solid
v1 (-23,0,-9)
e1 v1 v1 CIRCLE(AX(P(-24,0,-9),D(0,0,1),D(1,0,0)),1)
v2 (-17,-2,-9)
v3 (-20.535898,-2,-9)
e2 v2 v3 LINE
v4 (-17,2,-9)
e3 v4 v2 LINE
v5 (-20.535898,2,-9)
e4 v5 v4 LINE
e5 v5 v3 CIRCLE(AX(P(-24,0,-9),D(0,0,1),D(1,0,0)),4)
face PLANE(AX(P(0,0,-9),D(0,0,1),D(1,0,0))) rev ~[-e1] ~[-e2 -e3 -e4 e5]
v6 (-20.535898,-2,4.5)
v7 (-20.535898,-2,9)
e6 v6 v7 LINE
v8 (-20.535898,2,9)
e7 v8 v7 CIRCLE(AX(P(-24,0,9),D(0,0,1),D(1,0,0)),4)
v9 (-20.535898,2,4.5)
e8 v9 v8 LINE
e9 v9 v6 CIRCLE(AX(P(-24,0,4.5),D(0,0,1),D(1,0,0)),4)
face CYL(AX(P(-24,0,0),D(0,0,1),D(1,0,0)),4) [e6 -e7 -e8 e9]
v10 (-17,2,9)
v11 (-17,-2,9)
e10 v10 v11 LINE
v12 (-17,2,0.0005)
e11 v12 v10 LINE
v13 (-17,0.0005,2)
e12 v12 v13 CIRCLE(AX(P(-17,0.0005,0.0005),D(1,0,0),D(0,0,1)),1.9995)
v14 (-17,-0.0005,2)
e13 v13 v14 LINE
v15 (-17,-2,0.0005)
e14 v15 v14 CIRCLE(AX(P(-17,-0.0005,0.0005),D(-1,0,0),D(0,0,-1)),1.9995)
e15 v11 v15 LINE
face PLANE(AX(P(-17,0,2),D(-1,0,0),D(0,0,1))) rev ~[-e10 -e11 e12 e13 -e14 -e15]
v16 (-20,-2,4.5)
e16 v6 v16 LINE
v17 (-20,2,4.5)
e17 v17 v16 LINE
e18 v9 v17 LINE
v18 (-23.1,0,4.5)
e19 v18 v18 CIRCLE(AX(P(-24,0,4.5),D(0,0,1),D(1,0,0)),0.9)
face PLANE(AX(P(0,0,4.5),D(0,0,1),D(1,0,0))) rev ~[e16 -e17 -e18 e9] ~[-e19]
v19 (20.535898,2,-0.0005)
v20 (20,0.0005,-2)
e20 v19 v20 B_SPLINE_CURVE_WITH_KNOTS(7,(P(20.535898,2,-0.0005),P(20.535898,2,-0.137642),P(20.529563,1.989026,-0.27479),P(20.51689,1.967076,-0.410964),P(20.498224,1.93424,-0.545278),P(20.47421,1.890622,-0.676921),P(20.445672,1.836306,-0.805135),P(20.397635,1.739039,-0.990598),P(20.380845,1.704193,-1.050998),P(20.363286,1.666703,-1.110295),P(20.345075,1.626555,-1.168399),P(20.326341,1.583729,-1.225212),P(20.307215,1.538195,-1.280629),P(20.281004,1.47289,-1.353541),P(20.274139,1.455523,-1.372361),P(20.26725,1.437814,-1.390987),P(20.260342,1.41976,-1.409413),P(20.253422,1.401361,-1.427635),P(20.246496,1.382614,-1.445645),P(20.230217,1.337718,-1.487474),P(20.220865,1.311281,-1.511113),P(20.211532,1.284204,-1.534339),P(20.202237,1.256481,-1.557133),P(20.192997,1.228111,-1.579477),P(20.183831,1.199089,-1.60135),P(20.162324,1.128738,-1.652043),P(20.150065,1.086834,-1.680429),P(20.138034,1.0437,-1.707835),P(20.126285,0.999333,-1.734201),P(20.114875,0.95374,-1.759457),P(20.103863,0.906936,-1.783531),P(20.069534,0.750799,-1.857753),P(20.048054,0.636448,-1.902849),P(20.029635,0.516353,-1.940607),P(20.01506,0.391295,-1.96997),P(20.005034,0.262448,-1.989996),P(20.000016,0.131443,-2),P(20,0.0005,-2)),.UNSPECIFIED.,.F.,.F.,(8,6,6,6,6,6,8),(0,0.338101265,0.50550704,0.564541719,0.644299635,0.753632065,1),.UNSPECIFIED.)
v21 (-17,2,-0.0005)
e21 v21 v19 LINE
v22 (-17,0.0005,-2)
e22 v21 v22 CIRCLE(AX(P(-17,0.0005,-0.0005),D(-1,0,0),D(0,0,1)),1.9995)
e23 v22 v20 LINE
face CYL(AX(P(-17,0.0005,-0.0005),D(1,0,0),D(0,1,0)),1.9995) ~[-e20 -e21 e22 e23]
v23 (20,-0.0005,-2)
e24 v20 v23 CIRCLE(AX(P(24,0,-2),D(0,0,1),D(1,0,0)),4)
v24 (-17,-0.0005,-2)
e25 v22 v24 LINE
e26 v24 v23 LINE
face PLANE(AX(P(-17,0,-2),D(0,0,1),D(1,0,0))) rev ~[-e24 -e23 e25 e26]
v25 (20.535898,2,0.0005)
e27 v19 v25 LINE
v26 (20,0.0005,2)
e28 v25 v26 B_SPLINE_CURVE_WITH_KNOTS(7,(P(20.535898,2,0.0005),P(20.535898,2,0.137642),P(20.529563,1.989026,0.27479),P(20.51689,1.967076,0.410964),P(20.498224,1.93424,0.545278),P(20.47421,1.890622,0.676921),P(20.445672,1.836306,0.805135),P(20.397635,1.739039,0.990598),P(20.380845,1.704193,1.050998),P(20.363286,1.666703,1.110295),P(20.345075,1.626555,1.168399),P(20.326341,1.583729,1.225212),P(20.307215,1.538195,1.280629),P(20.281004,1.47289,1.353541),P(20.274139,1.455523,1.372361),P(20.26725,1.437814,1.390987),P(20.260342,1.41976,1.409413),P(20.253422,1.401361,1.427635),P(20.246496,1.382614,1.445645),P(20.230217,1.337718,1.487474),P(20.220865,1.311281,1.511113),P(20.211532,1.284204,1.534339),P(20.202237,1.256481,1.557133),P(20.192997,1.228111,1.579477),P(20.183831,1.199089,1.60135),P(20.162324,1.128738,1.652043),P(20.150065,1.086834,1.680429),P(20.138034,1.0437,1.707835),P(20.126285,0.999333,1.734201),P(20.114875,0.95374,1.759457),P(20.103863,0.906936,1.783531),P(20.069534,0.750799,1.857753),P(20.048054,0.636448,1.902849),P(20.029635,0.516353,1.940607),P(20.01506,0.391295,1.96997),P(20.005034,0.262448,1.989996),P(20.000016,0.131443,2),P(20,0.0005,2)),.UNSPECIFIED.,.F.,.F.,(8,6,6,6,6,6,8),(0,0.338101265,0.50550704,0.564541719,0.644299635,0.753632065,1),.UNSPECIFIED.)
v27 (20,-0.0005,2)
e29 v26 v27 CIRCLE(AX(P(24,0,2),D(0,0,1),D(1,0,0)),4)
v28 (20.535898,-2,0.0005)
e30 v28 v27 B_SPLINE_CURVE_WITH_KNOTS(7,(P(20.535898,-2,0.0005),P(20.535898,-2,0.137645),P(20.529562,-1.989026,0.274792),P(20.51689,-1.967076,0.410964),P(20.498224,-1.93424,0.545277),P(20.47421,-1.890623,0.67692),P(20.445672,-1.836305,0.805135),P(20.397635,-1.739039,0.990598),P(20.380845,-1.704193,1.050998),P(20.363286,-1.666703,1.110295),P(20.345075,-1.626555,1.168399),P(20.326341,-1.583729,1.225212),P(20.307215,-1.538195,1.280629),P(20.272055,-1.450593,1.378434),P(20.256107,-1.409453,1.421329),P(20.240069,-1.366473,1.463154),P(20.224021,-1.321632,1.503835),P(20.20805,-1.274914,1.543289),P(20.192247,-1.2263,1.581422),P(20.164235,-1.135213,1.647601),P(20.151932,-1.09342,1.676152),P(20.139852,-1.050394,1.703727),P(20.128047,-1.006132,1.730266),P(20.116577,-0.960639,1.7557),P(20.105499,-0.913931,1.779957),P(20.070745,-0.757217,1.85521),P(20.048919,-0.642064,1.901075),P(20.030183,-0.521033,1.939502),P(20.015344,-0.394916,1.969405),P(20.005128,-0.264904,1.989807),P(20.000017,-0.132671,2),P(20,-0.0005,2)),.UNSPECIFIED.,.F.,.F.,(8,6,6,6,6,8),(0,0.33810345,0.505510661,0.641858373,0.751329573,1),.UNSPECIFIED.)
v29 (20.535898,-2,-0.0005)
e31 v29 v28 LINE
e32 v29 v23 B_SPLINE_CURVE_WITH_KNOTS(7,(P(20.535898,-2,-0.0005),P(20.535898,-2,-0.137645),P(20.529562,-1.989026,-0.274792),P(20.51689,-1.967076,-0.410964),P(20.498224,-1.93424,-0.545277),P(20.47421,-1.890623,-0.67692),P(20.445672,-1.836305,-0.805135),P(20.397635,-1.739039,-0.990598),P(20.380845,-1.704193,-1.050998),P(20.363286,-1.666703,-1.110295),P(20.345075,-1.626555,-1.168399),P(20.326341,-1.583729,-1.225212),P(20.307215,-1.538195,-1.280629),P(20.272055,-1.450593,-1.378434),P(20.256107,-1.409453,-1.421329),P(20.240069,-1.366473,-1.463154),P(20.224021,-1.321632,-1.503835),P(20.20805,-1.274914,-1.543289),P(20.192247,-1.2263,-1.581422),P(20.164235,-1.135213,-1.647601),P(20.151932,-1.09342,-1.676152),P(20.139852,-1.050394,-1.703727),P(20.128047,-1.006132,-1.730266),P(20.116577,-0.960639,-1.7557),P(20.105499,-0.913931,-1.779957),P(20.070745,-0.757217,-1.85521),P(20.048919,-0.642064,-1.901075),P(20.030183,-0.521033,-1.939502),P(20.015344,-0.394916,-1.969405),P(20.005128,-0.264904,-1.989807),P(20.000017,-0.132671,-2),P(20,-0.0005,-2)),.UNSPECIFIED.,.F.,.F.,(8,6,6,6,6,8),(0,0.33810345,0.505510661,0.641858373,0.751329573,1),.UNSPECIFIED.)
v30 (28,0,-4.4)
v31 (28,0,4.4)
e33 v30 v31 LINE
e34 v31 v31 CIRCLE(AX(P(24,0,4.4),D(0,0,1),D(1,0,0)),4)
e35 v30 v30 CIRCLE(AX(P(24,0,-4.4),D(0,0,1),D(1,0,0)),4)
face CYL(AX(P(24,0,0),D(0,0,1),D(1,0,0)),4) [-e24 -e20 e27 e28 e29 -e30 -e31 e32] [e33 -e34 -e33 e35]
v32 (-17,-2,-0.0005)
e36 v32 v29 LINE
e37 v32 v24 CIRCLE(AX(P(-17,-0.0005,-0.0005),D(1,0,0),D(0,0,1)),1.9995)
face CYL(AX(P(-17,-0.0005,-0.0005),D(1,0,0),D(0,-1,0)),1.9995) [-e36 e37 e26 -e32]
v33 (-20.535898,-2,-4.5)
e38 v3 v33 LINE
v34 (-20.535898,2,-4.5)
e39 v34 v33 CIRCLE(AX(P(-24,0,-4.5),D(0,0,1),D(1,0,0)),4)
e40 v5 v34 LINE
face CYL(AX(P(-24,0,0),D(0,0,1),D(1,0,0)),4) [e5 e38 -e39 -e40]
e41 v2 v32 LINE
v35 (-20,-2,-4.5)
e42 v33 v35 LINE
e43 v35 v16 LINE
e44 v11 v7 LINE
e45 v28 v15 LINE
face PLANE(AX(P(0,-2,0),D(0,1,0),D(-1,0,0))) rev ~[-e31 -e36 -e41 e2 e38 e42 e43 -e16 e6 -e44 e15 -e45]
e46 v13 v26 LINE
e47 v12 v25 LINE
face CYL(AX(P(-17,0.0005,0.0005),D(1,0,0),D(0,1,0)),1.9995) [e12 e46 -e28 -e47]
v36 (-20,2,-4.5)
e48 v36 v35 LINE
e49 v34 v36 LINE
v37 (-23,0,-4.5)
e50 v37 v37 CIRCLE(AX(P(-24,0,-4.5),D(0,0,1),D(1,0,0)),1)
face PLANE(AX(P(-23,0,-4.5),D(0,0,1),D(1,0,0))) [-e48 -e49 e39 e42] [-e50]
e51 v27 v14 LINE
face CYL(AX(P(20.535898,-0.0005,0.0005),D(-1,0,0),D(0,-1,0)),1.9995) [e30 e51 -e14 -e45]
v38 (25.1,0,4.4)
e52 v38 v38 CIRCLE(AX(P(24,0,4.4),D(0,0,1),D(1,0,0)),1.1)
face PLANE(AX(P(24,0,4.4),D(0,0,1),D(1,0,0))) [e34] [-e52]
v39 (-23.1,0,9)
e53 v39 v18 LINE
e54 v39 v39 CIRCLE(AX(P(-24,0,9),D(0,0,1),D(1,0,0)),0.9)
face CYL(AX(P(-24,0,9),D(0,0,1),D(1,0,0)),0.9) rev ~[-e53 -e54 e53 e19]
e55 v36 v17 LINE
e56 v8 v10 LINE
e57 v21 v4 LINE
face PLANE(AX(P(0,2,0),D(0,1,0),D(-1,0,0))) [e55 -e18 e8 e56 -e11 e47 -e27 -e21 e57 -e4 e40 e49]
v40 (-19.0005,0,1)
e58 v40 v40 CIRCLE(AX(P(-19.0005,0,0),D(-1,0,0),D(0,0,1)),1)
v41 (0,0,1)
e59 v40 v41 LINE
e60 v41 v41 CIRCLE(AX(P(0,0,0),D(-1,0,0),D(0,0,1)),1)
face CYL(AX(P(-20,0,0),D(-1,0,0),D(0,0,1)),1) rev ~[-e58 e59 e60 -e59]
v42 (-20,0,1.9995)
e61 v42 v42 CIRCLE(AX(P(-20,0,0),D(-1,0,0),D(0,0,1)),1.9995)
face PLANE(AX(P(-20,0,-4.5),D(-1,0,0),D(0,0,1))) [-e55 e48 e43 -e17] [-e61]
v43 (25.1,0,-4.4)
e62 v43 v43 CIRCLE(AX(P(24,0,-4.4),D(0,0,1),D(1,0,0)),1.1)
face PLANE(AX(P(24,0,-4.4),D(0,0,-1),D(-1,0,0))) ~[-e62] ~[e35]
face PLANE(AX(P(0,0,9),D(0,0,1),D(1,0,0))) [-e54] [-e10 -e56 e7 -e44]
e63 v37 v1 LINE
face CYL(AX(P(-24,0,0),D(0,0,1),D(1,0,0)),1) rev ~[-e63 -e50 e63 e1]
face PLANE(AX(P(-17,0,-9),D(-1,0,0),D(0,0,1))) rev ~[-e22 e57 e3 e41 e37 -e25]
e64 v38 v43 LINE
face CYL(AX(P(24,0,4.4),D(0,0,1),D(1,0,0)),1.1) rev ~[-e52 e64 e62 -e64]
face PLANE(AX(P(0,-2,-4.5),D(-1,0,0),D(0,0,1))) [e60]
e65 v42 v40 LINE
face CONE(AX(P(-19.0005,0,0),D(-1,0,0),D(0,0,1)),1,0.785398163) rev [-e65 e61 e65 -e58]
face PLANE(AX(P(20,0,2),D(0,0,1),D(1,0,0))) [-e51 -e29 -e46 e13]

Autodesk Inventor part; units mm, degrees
ref_plane "YZ Plane" through (0, 0, 0) normal (1, 0, 0) x (0, 1, 0)
ref_plane "XZ Plane" through (0, 0, 0) normal (0, 1, 0) x (-1, 0, 0)
ref_plane "XY Plane" through (0, 0, 0) normal (0, 0, 1) x (1, 0, 0)
sketch "Sketch1" plane through (0, 0, 0) normal (0, 0, 1) x (1, 0, 0)
  circle A0 centre (-24, 0) radius 1
  circle A1 centre (24, 0) radius 1
  circle A2 centre (-24, 0) radius 4
  circle A3 centre (24, 0) radius 4
  point P0 (0, 0)
  dimension "d0" = 2
  dimension "d1" = 2
  dimension "d3" = 48
  dimension "d4" = 24
  dimension "d5" = 8
  dimension "d6" = 8
extrude "Extrusion1" add sketch "Sketch1" against normal mid plane 18
sketch "Sketch2" plane through (0, 0, 0) normal (0, 0, 1) x (1, 0, 0)
  circle A0 centre (-24, 0) radius 4 projected
  circle A1 centre (-24, 0) radius 1 projected
  point P0 (0, 0)
extrude "Extrusion2" cut sketch "Sketch2" against normal mid plane 9
sketch "Sketch3" plane through (-24, 0, -4.5) normal (0, 0, 1) x (1, 0, 0)
  circle A0 centre (48, 0) radius 4 projected
  circle A1 centre (48, 0) radius 4 projected
  circle A2 centre (48, 0) radius 1 projected
  point P0 (24, 0)
extrude "Extrusion3" cut sketch "Sketch3" against normal blind 4.5
mirror "Mirror1" about plane through (0, 0, 0) normal (0, 0, 1) of "Extrusion3"
sketch "Sketch6" plane through (0, 0, 0) normal (0, 1, 0) x (-1, 0, 0)
  line L0 (-20, -4.5) -> (-23, -4.5) construction
  line L1 (-23, -4.5) -> (-23, 4.5) construction
  line L2 (-23, 4.5) -> (-20, 4.5) construction
  line L3 (-20, 4.5) -> (-20, -4.5) construction
  line L4 (-25, -4.5) -> (-28, -4.5) construction
  line L5 (-28, -4.5) -> (-28, 4.5) construction
  line L6 (-28, 4.5) -> (-25, 4.5) construction
  line L7 (-25, 4.5) -> (-25, -4.5) construction
  line L8 (20, 9) -> (23, 9) construction
  line L9 (23, 9) -> (23, 4.5) construction
  line L10 (23, 4.5) -> (20, 4.5) construction
  line L11 (20, 4.5) -> (20, 9) construction
  line L12 (25, 9) -> (28, 9) construction
  line L13 (28, 9) -> (28, 4.5) construction
  line L14 (28, 4.5) -> (25, 4.5) construction
  line L15 (25, 4.5) -> (25, 9) construction
  line L16 (28, -9) -> (25, -9) construction
  line L17 (25, -9) -> (25, -4.5) construction
  line L18 (25, -4.5) -> (28, -4.5) construction
  line L19 (28, -4.5) -> (28, -9) construction
  line L20 (23, -9) -> (20, -9) construction
  line L21 (20, -9) -> (20, -4.5) construction
  line L22 (20, -4.5) -> (23, -4.5) construction
  line L23 (23, -4.5) -> (23, -9) construction
  line L24 (20, -9) -> (28, -9) construction
  line L25 (20, -9) -> (17, -9)
  line L26 (17, -9) -> (17, -2)
  line L27 (17, -2) -> (-20, -2)
  line L28 (-20, 4.5) -> (-20, -4.5) construction
  line L29 (-20, 2) -> (17, 2)
  line L30 (17, 2) -> (17, 9)
  line L31 (17, 9) -> (20, 9)
  line L32 (20, -4.5) -> (28, -4.5) construction
  line L33 (20, -4.5) -> (20, 4.5)
  line L34 (-20, -2) -> (-23, -2)
  line L35 (-23, -4.5) -> (-23, 4.5) projected
  line L36 (-20, 2) -> (-23, 2)
  line L37 (20, -9) -> (23, -9)
  line L38 (23, -4.5) -> (20, -4.5)
  line L39 (25, -4.5) -> (23, -4.5) projected
  line L40 (23, -4.5) -> (23, -9)
  line L41 (23, -9) -> (23, -4.5) projected
  line L42 (23, 4.5) -> (25, 4.5) projected
  line L43 (28, 4.5) -> (20, 4.5) projected
  line L44 (23, 4.5) -> (20, 4.5)
  line L45 (23, 9) -> (25, 9) projected
  line L46 (23, 4.5) -> (23, 9)
  line L47 (28, 9) -> (20, 9) projected
  line L48 (23, 9) -> (20, 9)
  point P0 (0, 0)
  dimension "d16" = 3
  dimension "d17" = 4
  dimension "d18" = 2
extrude "Extrusion4" add sketch "Sketch6" against normal mid plane 4
sketch "Sketch7" plane through (-20, -2, -4.5) normal (-1, 0, 0) x (0, 0, 1)
  circle A0 centre (4.5, 2) radius 1
  dimension "d21" = 2
extrude "Extrusion5" cut sketch "Sketch7" against normal blind 20
chamfer "Chamfer1" distance 1 angle 45 1 edges at (-20, 0, -1)
fillet "Fillet1" radius 2 4 edges at (1.7679, 2, 2) (1.7679, 2, -2) (1.7679, -2, -2) (1.7679, -2, 2)
sketch "Sketch9" plane through (0, 0, 9) normal (0, 0, 1) x (1, 0, 0)
  circle A0 centre (-24, 0) radius 1 projected
  circle A1 centre (-24, 0) radius 0.9
  point P0 (0, 0)
  dimension "d29" = 1.8
extrude "TREAD" add sketch "Sketch9" against normal up to surface (4.5 mm away)
sketch "Sketch11" plane through (24, 0, 4.5) normal (0, 0, 1) x (1, 0, 0)
  circle A0 centre (0, 0) radius 4 projected
  circle A1 centre (0, 0) radius 1 projected
  point P0 (-24, 0)
extrude "thin" cut sketch "Sketch11" against normal blind 0.1
mirror "Mirror2" about plane through (0, 0, 0) normal (0, 0, 1) of "thin"
sketch "Sketch12" plane through (24, 0, 4.4) normal (0, 0, 1) x (1, 0, 0)
  circle A0 centre (0, 0) radius 1 construction
  circle A1 centre (0, 0) radius 1.1
  point P0 (-24, 0)
  dimension "d34" = 2.2
extrude "Extrusion8" cut sketch "Sketch12" against normal up to surface (8.8 mm away)
equation "\"d4\" = 0.5 * d3"
equation "\"d6\" = d5"
equation "\"d18\" = 0.5 * d17"
properties part number "Tolerenced_Phalalnge_48mm"
